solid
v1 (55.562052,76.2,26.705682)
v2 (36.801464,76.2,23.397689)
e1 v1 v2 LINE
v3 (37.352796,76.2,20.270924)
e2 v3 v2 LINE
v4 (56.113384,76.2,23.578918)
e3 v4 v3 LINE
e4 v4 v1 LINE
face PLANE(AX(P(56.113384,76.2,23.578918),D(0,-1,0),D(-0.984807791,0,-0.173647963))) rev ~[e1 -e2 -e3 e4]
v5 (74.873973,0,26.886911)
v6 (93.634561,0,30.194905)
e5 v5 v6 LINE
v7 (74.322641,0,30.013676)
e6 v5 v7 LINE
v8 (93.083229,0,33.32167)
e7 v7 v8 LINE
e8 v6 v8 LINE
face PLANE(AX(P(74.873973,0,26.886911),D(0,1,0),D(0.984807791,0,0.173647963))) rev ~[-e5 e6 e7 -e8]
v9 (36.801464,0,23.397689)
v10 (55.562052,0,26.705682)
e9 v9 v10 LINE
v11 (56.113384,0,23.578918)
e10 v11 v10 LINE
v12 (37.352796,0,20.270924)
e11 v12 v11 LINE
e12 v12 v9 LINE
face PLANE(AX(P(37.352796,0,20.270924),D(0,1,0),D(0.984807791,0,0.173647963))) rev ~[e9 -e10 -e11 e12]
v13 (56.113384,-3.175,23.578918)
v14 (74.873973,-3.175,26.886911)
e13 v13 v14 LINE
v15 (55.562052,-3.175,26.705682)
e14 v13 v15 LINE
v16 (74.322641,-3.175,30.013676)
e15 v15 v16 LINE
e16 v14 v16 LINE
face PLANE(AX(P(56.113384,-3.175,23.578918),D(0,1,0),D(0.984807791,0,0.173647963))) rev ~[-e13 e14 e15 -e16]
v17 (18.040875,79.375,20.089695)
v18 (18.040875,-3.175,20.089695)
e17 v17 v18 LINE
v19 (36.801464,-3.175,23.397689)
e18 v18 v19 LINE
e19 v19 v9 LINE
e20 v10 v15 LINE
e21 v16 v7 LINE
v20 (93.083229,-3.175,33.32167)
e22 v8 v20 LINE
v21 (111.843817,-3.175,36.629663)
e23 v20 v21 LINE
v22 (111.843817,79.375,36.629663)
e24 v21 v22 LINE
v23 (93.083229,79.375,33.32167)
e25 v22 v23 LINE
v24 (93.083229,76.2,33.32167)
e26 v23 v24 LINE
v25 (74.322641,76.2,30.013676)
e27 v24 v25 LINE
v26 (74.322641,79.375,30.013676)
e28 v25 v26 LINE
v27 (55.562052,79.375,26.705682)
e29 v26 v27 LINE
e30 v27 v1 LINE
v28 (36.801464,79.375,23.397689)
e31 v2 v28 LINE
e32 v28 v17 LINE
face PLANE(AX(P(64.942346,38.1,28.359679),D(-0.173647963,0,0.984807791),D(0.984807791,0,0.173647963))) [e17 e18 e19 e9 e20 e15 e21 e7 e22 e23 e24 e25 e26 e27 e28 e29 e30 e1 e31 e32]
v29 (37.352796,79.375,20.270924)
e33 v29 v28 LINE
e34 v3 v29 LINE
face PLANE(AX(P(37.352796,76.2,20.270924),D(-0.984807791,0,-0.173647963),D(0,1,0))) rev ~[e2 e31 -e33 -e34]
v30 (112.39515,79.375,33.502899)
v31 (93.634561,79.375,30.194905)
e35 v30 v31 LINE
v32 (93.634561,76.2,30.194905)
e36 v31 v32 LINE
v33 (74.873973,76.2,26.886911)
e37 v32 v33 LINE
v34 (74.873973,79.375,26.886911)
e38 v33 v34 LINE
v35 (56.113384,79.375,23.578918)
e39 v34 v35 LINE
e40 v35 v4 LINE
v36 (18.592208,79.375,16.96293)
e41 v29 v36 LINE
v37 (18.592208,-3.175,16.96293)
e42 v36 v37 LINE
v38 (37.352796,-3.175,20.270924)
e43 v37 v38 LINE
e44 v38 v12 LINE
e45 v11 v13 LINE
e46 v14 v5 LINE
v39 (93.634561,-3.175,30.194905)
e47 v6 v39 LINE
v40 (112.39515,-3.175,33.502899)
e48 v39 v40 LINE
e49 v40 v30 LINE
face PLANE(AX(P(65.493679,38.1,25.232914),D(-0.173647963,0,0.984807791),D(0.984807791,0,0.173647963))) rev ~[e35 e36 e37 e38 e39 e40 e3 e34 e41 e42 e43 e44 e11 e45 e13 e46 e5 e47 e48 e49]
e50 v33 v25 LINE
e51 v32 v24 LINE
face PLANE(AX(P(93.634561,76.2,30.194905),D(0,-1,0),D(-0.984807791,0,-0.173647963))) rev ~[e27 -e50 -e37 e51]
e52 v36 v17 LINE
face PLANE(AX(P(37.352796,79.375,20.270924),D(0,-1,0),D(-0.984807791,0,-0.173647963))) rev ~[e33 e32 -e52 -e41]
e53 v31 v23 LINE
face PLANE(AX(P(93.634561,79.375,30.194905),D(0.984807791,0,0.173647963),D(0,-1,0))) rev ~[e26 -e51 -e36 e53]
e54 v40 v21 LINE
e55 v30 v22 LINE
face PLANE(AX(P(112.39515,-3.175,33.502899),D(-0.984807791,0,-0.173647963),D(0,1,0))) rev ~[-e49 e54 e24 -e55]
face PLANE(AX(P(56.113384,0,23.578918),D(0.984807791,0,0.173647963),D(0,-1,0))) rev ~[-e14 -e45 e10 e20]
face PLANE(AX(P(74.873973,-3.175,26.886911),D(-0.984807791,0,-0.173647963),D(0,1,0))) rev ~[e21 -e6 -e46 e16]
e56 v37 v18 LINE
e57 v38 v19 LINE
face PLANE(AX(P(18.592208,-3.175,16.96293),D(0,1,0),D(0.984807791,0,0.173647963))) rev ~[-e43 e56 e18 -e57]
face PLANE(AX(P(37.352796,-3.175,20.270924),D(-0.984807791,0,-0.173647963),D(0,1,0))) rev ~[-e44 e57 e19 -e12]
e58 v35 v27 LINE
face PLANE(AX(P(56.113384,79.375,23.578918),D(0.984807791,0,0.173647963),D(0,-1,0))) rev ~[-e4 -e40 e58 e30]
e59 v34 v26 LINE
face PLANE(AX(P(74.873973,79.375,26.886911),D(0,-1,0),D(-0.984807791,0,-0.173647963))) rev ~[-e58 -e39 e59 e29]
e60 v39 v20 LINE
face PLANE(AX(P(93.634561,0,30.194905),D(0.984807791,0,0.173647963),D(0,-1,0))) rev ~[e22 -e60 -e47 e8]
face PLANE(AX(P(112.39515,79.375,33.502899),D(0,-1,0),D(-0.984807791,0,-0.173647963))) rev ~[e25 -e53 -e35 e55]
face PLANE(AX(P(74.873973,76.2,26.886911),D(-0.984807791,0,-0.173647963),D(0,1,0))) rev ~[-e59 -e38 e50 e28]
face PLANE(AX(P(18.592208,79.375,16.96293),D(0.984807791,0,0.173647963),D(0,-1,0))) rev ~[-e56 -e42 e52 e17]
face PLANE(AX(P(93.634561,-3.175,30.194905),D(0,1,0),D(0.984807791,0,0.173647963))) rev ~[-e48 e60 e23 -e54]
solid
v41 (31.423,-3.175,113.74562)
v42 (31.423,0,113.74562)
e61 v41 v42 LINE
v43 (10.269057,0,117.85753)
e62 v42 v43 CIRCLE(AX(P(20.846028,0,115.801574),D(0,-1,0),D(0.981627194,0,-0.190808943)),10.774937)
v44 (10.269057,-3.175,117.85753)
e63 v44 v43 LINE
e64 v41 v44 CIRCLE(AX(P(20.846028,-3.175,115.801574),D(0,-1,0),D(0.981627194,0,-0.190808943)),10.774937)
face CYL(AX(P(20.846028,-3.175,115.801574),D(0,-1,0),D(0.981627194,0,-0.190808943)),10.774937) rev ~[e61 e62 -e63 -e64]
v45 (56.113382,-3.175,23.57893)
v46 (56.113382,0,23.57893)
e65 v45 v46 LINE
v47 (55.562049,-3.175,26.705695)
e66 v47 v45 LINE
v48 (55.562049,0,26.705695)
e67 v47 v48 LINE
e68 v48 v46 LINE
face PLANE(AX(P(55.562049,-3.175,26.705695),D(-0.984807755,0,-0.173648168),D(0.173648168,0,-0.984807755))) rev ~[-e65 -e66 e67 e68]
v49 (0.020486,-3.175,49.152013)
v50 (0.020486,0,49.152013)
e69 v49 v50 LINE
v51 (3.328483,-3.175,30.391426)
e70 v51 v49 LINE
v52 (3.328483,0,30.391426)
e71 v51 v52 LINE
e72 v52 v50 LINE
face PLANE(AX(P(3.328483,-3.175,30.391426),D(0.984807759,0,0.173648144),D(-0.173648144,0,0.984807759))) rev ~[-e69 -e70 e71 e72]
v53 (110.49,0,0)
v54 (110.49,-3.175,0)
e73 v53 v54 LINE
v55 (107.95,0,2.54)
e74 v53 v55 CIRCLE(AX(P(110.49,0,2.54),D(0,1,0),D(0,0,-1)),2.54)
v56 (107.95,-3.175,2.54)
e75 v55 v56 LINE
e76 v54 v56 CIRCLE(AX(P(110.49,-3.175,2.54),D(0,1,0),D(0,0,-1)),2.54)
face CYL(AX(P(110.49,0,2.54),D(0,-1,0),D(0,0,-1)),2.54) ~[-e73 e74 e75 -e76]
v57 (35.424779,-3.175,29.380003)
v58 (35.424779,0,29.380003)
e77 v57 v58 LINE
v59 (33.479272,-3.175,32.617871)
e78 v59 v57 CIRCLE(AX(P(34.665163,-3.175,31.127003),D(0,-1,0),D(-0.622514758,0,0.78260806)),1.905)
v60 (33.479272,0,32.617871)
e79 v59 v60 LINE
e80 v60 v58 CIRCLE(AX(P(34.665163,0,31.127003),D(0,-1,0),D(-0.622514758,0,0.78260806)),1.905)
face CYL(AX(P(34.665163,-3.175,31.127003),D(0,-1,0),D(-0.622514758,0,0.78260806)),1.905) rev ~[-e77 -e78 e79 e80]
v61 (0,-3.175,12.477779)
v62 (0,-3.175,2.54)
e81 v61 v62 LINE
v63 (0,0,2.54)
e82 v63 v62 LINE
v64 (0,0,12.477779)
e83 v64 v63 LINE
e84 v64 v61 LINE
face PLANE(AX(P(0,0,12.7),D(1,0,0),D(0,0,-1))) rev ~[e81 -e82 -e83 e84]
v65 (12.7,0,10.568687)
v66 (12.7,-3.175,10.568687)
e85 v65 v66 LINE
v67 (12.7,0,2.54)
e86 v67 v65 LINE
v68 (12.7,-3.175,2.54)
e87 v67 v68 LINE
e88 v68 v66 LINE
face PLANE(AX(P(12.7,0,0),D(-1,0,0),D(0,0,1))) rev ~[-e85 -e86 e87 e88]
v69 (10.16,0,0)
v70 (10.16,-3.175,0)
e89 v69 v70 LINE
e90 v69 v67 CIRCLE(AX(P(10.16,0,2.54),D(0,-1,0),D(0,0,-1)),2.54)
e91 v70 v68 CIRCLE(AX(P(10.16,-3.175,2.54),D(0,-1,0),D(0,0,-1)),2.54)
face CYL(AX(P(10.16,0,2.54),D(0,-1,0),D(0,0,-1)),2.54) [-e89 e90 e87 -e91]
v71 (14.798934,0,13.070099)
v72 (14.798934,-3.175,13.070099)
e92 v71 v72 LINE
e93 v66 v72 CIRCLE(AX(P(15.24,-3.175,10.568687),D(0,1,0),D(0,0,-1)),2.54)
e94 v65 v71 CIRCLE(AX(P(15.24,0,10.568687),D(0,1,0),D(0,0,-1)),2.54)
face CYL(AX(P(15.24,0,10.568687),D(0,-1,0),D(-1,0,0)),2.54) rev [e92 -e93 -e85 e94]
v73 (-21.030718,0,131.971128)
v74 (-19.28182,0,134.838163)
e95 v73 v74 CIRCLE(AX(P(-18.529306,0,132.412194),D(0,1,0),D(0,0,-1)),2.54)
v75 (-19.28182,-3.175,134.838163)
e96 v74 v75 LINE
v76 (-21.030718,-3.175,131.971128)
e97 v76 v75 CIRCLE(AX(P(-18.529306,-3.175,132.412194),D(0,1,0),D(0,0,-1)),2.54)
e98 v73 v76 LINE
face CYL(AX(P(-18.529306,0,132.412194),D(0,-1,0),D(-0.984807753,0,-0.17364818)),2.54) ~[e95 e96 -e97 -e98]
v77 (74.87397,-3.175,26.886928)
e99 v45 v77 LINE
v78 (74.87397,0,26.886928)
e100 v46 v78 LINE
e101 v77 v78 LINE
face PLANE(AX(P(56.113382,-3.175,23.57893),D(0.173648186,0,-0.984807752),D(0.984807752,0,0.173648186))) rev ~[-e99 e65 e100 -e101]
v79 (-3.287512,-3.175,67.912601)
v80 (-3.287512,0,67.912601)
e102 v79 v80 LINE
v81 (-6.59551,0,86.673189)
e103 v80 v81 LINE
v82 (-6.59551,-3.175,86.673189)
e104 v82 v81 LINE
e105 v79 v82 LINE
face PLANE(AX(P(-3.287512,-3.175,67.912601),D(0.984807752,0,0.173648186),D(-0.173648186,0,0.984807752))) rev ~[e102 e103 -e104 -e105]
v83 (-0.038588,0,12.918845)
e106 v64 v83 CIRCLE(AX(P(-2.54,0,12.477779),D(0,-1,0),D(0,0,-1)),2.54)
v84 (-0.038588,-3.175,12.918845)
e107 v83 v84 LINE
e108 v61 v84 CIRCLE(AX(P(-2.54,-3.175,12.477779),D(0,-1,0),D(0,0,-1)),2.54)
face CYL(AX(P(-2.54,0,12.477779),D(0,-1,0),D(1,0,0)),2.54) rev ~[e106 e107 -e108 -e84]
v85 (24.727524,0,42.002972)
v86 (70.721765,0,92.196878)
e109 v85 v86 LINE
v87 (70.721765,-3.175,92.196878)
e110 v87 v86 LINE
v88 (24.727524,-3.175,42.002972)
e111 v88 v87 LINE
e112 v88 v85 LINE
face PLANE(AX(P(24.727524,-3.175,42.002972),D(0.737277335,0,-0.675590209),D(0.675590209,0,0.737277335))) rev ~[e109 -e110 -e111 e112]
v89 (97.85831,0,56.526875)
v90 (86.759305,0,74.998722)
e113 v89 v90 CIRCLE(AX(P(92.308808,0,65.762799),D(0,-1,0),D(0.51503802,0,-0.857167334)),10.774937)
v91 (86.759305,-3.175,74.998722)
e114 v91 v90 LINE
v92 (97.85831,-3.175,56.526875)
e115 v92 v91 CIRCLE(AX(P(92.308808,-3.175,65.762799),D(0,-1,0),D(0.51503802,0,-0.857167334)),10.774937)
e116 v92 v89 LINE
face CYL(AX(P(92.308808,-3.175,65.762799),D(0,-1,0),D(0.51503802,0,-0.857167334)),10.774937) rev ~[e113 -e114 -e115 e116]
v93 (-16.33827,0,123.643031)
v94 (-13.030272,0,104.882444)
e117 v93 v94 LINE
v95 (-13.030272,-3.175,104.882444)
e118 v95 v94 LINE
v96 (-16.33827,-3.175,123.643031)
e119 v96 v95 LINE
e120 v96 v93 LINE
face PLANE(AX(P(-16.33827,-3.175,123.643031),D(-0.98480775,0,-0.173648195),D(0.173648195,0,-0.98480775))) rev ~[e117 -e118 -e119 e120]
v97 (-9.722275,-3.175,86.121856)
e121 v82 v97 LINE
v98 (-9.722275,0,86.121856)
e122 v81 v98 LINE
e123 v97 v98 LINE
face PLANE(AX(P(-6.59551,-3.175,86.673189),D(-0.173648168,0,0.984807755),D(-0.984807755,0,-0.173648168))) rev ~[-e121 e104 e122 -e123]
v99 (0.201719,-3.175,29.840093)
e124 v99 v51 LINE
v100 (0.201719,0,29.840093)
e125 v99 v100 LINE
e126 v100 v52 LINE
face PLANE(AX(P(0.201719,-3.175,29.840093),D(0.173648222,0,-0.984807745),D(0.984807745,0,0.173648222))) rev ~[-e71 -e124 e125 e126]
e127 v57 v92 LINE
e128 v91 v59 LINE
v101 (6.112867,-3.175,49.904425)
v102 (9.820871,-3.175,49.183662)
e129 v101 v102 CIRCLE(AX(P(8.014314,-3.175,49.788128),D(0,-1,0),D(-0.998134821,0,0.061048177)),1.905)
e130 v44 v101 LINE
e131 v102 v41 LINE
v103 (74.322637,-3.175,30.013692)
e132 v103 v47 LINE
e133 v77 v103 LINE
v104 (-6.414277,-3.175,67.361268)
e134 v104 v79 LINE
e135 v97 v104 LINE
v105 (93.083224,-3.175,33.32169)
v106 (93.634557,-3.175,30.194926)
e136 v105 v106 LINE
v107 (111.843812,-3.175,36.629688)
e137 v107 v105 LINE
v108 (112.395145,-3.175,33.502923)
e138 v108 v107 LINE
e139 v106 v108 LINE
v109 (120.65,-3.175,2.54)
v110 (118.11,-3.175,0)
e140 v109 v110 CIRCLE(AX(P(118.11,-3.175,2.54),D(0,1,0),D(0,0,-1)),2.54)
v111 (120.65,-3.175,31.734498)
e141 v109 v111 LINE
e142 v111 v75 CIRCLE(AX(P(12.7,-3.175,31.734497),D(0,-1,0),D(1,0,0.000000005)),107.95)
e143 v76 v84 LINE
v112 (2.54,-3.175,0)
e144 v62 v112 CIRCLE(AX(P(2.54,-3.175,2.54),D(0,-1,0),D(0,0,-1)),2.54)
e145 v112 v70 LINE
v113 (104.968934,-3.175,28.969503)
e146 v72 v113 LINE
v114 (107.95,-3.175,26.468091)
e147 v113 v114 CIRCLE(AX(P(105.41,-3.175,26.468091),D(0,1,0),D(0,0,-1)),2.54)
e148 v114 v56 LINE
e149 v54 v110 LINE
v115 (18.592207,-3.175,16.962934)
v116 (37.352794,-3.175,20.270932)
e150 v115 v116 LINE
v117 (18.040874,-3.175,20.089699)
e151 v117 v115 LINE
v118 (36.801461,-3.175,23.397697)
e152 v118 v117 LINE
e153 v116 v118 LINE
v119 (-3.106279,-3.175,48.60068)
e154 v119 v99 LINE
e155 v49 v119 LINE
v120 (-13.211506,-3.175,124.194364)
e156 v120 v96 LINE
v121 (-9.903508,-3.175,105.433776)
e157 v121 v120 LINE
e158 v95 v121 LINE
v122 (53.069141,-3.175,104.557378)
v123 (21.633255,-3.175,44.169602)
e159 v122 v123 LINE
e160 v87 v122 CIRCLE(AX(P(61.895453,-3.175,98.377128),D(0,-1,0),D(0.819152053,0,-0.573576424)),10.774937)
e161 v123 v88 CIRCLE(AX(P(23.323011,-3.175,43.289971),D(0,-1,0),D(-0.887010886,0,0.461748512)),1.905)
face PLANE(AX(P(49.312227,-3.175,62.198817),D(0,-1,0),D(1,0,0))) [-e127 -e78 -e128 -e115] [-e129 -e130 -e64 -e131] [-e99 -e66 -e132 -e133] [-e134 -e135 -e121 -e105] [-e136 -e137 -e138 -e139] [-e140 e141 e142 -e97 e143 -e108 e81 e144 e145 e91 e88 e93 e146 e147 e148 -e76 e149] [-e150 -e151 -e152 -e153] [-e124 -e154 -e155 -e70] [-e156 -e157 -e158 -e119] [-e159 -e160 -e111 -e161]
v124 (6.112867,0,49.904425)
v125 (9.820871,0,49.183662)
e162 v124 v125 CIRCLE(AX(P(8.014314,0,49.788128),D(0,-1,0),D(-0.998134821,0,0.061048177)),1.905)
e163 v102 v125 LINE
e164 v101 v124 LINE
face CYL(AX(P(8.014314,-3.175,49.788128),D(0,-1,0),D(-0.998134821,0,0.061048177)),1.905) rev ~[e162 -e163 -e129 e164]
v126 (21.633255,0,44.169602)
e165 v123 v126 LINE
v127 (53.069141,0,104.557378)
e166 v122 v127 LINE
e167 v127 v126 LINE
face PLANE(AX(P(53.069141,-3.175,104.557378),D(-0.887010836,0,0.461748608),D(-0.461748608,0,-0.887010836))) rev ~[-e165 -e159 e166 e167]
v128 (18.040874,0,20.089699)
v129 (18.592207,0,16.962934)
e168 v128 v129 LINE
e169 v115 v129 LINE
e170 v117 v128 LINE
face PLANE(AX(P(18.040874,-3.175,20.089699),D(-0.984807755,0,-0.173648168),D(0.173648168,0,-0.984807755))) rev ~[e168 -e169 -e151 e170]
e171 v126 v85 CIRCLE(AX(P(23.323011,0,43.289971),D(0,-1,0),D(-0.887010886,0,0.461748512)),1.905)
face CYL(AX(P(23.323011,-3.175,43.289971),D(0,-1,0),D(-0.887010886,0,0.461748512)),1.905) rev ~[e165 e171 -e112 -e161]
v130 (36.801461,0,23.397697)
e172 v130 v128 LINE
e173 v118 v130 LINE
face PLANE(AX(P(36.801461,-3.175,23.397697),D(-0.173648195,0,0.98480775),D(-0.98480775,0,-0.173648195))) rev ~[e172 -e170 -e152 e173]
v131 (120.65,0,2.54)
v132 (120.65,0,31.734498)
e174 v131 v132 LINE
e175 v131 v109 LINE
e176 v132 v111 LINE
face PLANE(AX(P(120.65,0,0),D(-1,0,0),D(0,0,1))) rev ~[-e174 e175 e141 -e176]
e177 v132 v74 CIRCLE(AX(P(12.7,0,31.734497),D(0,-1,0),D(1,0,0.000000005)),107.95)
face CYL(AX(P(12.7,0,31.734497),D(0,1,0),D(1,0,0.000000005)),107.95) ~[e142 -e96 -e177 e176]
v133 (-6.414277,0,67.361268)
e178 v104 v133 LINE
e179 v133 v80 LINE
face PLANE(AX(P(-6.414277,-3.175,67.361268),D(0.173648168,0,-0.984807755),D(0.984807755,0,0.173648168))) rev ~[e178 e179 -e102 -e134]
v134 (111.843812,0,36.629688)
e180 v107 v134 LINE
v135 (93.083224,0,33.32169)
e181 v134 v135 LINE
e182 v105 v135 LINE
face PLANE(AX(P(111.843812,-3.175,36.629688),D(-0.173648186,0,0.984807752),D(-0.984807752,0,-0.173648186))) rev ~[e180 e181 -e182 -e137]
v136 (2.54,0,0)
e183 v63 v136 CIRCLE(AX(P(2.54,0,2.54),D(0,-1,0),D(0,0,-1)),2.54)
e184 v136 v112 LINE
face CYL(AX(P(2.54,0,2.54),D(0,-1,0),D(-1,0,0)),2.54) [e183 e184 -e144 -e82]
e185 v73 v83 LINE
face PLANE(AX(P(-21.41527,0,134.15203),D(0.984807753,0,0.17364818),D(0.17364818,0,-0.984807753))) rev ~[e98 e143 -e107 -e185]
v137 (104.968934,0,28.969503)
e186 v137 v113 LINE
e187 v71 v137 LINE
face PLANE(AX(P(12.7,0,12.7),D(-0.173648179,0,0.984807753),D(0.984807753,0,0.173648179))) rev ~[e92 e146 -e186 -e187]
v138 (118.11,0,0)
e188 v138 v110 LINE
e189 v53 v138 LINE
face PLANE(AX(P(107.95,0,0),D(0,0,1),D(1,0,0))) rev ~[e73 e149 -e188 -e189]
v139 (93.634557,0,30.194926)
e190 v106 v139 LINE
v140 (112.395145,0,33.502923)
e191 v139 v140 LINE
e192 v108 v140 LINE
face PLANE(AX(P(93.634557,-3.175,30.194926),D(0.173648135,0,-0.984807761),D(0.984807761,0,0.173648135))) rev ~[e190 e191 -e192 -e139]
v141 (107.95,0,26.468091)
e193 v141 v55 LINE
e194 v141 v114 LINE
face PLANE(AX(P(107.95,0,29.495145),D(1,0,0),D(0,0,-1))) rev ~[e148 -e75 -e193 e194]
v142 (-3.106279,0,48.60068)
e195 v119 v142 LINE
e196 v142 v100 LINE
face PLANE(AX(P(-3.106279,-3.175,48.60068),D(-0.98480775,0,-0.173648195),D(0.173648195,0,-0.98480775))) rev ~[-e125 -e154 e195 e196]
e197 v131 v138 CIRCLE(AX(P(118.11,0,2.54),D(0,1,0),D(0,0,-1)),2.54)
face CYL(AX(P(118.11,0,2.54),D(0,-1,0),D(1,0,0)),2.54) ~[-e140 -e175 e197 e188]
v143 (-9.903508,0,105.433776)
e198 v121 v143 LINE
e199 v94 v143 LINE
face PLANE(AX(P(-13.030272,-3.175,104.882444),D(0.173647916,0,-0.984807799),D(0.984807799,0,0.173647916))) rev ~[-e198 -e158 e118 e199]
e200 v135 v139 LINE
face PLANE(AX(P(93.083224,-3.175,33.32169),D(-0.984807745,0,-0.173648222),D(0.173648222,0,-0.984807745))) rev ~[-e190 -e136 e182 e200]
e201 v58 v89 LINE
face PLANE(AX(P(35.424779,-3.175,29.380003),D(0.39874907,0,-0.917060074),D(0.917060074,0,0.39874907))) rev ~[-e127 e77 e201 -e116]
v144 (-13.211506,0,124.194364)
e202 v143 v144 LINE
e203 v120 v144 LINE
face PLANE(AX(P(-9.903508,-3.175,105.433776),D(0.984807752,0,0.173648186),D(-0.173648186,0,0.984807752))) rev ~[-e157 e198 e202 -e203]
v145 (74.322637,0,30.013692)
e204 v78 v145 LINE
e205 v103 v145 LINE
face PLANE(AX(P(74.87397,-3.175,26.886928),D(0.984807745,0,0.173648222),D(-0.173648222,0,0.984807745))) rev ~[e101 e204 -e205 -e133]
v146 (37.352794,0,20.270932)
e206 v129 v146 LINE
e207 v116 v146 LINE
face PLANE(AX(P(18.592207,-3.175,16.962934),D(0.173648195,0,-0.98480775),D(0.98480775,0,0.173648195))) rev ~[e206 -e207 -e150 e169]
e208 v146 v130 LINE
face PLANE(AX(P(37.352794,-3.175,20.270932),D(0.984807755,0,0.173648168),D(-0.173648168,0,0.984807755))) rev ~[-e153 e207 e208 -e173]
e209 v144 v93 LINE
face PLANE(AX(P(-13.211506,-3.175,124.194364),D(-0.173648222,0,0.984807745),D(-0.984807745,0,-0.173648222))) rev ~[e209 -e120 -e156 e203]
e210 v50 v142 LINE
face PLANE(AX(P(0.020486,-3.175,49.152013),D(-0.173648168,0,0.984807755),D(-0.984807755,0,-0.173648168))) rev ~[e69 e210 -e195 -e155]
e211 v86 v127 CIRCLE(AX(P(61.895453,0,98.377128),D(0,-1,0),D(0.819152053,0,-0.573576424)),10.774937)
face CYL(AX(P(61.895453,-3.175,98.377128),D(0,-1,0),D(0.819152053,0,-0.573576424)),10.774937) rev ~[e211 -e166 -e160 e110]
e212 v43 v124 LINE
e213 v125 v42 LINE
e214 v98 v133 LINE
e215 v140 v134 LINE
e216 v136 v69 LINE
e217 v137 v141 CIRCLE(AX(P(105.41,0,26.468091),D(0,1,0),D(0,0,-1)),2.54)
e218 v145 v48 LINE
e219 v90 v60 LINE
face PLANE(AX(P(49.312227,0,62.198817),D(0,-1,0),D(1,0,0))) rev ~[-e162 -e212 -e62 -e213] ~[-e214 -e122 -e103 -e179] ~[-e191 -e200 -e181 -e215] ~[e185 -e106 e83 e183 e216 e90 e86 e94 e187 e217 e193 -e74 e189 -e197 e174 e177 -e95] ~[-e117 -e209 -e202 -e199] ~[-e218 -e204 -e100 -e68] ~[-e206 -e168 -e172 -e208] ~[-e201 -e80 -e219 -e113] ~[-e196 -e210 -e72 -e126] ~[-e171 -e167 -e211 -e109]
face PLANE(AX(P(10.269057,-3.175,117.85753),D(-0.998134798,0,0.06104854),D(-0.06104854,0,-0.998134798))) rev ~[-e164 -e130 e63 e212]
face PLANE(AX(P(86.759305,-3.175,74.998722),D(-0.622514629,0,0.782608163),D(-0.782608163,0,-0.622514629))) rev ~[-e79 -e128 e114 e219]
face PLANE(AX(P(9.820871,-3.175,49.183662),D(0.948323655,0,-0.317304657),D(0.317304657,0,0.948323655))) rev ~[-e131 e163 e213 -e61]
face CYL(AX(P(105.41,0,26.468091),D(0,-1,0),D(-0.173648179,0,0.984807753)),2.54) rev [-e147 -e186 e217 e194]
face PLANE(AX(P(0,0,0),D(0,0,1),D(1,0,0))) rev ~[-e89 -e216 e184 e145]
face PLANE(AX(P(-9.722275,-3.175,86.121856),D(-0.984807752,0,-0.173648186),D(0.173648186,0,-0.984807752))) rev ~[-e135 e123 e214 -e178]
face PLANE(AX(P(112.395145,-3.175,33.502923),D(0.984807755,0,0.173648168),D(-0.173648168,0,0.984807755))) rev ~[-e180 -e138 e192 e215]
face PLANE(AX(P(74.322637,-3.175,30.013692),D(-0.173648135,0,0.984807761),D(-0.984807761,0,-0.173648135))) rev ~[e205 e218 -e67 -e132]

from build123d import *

# Parameters (mm, degrees)
F1_DEPTH = 3.175
F3_DEPTH = 3.176
F5_DEPTH = 3.175
F6_R     = 2.54


with BuildPart() as f1:
    # F0 (on Front) → F1 (new body)
    with BuildSketch(Plane.XZ):
        with BuildLine():
            Line((0, 12.7), (0, 0))
            Line((0, 0), (12.7, 0))
            Line((12.7, 0), (12.7, 12.7))
            Line((12.7, 12.7), (107.95, 29.495145))
            Line((107.95, 29.495145), (107.95, 0))
            Line((107.95, 0), (120.65, 0))
            Line((120.65, 0), (120.65, 31.734498))
            ThreePointArc((120.65, 31.734498), (75.828675, 119.30146), (-21.41527, 134.15203))
            Line((-21.41527, 134.15203), (0, 12.7))
        make_face()
    extrude(amount=F1_DEPTH)

    # F2 (on face) → F3 (cut, through all)
    with BuildSketch(Plane.XZ.offset(3.175)):
        Polygon((36.801461, 23.397697), (18.040874, 20.089699), (18.592207, 16.962934), (37.352794, 20.270932), align=None)
        Polygon((74.322637, 30.013692), (55.562049, 26.705695), (56.113382, 23.57893), (74.87397, 26.886928), align=None)
        Polygon((111.843812, 36.629688), (93.083224, 33.32169), (93.634557, 30.194926), (112.395145, 33.502923), align=None)
        Polygon((-6.414277, 67.361268), (-3.287512, 67.912601), (-6.59551, 86.673189), (-9.722275, 86.121856), align=None)
        Polygon((0.201719, 29.840093), (3.328483, 30.391426), (0.020486, 49.152013), (-3.106279, 48.60068), align=None)
        Polygon((-13.030272, 104.882444), (-9.903508, 105.433776), (-13.211506, 124.194364), (-16.33827, 123.643031), align=None)
        with BuildLine():
            Line((53.069141, 104.557378), (21.633255, 44.169602))
            ThreePointArc((21.633255, 44.169602), (22.230347, 41.729487), (24.727524, 42.002972))
            Line((24.727524, 42.002972), (70.721765, 92.196878))
            ThreePointArc((70.721765, 92.196878), (68.075703, 107.20344), (53.069141, 104.557378))
        make_face()
        with BuildLine():
            Line((86.759305, 74.998722), (33.479272, 32.617871))
            ThreePointArc((33.479272, 32.617871), (33.032259, 30.145855), (35.424779, 29.380003))
            Line((35.424779, 29.380003), (97.85831, 56.526875))
            ThreePointArc((97.85831, 56.526875), (101.544731, 71.312302), (86.759305, 74.998722))
        make_face()
        with BuildLine():
            Line((10.269057, 117.85753), (6.112867, 49.904425))
            ThreePointArc((6.112867, 49.904425), (7.650823, 47.918128), (9.820871, 49.183662))
            Line((9.820871, 49.183662), (31.423, 113.74562))
            ThreePointArc((31.423, 113.74562), (22.901983, 126.378546), (10.269057, 117.85753))
        make_face()
    extrude(amount=-F3_DEPTH, mode=Mode.SUBTRACT)

    # F6
    f6_edges = [f1.edges().sort_by_distance(p)[0] for p in [
        (0, -1.5875, 0),
        (120.65, -1.5875, 0),
        (107.95, -1.5875, 0),
        (12.7, -1.5875, 0),
        (12.7, -1.5875, 12.7),
        (107.95, -1.5875, 29.495145),
        (0, -1.5875, 12.7),
        (-21.41527, -1.5875, 134.15203),
    ]]
    fillet(f6_edges, radius=F6_R)


with BuildPart() as f5:
    # F4 (on face) → F5 (new body)
    with BuildSketch(Plane(origin=(-2.340209, 0, 13.271985), x_dir=(0.984808, 0, 0.173648), z_dir=(-0.173648, 0, 0.984808))):
        Polygon((97.455332, -3.175), (116.505332, -3.175), (116.505332, 0), (116.505332, 38.1), (116.505332, 76.2), (116.505332, 79.375), (97.455332, 79.375), (97.455332, 76.2), (78.405332, 76.2), (78.405332, 79.375), (59.355332, 79.375), (59.355332, 76.2), (40.305332, 76.2), (40.305332, 79.375), (21.255332, 79.375), (21.255332, 76.2), (21.255332, 38.1), (21.255332, 0), (21.255332, -3.175), (40.305332, -3.175), (40.305332, 0), (59.355332, 0), (59.355332, -3.175), (78.405332, -3.175), (78.405332, 0), (97.455332, 0), align=None)
    extrude(amount=F5_DEPTH)


solid = Compound([f1.part, f5.part])
